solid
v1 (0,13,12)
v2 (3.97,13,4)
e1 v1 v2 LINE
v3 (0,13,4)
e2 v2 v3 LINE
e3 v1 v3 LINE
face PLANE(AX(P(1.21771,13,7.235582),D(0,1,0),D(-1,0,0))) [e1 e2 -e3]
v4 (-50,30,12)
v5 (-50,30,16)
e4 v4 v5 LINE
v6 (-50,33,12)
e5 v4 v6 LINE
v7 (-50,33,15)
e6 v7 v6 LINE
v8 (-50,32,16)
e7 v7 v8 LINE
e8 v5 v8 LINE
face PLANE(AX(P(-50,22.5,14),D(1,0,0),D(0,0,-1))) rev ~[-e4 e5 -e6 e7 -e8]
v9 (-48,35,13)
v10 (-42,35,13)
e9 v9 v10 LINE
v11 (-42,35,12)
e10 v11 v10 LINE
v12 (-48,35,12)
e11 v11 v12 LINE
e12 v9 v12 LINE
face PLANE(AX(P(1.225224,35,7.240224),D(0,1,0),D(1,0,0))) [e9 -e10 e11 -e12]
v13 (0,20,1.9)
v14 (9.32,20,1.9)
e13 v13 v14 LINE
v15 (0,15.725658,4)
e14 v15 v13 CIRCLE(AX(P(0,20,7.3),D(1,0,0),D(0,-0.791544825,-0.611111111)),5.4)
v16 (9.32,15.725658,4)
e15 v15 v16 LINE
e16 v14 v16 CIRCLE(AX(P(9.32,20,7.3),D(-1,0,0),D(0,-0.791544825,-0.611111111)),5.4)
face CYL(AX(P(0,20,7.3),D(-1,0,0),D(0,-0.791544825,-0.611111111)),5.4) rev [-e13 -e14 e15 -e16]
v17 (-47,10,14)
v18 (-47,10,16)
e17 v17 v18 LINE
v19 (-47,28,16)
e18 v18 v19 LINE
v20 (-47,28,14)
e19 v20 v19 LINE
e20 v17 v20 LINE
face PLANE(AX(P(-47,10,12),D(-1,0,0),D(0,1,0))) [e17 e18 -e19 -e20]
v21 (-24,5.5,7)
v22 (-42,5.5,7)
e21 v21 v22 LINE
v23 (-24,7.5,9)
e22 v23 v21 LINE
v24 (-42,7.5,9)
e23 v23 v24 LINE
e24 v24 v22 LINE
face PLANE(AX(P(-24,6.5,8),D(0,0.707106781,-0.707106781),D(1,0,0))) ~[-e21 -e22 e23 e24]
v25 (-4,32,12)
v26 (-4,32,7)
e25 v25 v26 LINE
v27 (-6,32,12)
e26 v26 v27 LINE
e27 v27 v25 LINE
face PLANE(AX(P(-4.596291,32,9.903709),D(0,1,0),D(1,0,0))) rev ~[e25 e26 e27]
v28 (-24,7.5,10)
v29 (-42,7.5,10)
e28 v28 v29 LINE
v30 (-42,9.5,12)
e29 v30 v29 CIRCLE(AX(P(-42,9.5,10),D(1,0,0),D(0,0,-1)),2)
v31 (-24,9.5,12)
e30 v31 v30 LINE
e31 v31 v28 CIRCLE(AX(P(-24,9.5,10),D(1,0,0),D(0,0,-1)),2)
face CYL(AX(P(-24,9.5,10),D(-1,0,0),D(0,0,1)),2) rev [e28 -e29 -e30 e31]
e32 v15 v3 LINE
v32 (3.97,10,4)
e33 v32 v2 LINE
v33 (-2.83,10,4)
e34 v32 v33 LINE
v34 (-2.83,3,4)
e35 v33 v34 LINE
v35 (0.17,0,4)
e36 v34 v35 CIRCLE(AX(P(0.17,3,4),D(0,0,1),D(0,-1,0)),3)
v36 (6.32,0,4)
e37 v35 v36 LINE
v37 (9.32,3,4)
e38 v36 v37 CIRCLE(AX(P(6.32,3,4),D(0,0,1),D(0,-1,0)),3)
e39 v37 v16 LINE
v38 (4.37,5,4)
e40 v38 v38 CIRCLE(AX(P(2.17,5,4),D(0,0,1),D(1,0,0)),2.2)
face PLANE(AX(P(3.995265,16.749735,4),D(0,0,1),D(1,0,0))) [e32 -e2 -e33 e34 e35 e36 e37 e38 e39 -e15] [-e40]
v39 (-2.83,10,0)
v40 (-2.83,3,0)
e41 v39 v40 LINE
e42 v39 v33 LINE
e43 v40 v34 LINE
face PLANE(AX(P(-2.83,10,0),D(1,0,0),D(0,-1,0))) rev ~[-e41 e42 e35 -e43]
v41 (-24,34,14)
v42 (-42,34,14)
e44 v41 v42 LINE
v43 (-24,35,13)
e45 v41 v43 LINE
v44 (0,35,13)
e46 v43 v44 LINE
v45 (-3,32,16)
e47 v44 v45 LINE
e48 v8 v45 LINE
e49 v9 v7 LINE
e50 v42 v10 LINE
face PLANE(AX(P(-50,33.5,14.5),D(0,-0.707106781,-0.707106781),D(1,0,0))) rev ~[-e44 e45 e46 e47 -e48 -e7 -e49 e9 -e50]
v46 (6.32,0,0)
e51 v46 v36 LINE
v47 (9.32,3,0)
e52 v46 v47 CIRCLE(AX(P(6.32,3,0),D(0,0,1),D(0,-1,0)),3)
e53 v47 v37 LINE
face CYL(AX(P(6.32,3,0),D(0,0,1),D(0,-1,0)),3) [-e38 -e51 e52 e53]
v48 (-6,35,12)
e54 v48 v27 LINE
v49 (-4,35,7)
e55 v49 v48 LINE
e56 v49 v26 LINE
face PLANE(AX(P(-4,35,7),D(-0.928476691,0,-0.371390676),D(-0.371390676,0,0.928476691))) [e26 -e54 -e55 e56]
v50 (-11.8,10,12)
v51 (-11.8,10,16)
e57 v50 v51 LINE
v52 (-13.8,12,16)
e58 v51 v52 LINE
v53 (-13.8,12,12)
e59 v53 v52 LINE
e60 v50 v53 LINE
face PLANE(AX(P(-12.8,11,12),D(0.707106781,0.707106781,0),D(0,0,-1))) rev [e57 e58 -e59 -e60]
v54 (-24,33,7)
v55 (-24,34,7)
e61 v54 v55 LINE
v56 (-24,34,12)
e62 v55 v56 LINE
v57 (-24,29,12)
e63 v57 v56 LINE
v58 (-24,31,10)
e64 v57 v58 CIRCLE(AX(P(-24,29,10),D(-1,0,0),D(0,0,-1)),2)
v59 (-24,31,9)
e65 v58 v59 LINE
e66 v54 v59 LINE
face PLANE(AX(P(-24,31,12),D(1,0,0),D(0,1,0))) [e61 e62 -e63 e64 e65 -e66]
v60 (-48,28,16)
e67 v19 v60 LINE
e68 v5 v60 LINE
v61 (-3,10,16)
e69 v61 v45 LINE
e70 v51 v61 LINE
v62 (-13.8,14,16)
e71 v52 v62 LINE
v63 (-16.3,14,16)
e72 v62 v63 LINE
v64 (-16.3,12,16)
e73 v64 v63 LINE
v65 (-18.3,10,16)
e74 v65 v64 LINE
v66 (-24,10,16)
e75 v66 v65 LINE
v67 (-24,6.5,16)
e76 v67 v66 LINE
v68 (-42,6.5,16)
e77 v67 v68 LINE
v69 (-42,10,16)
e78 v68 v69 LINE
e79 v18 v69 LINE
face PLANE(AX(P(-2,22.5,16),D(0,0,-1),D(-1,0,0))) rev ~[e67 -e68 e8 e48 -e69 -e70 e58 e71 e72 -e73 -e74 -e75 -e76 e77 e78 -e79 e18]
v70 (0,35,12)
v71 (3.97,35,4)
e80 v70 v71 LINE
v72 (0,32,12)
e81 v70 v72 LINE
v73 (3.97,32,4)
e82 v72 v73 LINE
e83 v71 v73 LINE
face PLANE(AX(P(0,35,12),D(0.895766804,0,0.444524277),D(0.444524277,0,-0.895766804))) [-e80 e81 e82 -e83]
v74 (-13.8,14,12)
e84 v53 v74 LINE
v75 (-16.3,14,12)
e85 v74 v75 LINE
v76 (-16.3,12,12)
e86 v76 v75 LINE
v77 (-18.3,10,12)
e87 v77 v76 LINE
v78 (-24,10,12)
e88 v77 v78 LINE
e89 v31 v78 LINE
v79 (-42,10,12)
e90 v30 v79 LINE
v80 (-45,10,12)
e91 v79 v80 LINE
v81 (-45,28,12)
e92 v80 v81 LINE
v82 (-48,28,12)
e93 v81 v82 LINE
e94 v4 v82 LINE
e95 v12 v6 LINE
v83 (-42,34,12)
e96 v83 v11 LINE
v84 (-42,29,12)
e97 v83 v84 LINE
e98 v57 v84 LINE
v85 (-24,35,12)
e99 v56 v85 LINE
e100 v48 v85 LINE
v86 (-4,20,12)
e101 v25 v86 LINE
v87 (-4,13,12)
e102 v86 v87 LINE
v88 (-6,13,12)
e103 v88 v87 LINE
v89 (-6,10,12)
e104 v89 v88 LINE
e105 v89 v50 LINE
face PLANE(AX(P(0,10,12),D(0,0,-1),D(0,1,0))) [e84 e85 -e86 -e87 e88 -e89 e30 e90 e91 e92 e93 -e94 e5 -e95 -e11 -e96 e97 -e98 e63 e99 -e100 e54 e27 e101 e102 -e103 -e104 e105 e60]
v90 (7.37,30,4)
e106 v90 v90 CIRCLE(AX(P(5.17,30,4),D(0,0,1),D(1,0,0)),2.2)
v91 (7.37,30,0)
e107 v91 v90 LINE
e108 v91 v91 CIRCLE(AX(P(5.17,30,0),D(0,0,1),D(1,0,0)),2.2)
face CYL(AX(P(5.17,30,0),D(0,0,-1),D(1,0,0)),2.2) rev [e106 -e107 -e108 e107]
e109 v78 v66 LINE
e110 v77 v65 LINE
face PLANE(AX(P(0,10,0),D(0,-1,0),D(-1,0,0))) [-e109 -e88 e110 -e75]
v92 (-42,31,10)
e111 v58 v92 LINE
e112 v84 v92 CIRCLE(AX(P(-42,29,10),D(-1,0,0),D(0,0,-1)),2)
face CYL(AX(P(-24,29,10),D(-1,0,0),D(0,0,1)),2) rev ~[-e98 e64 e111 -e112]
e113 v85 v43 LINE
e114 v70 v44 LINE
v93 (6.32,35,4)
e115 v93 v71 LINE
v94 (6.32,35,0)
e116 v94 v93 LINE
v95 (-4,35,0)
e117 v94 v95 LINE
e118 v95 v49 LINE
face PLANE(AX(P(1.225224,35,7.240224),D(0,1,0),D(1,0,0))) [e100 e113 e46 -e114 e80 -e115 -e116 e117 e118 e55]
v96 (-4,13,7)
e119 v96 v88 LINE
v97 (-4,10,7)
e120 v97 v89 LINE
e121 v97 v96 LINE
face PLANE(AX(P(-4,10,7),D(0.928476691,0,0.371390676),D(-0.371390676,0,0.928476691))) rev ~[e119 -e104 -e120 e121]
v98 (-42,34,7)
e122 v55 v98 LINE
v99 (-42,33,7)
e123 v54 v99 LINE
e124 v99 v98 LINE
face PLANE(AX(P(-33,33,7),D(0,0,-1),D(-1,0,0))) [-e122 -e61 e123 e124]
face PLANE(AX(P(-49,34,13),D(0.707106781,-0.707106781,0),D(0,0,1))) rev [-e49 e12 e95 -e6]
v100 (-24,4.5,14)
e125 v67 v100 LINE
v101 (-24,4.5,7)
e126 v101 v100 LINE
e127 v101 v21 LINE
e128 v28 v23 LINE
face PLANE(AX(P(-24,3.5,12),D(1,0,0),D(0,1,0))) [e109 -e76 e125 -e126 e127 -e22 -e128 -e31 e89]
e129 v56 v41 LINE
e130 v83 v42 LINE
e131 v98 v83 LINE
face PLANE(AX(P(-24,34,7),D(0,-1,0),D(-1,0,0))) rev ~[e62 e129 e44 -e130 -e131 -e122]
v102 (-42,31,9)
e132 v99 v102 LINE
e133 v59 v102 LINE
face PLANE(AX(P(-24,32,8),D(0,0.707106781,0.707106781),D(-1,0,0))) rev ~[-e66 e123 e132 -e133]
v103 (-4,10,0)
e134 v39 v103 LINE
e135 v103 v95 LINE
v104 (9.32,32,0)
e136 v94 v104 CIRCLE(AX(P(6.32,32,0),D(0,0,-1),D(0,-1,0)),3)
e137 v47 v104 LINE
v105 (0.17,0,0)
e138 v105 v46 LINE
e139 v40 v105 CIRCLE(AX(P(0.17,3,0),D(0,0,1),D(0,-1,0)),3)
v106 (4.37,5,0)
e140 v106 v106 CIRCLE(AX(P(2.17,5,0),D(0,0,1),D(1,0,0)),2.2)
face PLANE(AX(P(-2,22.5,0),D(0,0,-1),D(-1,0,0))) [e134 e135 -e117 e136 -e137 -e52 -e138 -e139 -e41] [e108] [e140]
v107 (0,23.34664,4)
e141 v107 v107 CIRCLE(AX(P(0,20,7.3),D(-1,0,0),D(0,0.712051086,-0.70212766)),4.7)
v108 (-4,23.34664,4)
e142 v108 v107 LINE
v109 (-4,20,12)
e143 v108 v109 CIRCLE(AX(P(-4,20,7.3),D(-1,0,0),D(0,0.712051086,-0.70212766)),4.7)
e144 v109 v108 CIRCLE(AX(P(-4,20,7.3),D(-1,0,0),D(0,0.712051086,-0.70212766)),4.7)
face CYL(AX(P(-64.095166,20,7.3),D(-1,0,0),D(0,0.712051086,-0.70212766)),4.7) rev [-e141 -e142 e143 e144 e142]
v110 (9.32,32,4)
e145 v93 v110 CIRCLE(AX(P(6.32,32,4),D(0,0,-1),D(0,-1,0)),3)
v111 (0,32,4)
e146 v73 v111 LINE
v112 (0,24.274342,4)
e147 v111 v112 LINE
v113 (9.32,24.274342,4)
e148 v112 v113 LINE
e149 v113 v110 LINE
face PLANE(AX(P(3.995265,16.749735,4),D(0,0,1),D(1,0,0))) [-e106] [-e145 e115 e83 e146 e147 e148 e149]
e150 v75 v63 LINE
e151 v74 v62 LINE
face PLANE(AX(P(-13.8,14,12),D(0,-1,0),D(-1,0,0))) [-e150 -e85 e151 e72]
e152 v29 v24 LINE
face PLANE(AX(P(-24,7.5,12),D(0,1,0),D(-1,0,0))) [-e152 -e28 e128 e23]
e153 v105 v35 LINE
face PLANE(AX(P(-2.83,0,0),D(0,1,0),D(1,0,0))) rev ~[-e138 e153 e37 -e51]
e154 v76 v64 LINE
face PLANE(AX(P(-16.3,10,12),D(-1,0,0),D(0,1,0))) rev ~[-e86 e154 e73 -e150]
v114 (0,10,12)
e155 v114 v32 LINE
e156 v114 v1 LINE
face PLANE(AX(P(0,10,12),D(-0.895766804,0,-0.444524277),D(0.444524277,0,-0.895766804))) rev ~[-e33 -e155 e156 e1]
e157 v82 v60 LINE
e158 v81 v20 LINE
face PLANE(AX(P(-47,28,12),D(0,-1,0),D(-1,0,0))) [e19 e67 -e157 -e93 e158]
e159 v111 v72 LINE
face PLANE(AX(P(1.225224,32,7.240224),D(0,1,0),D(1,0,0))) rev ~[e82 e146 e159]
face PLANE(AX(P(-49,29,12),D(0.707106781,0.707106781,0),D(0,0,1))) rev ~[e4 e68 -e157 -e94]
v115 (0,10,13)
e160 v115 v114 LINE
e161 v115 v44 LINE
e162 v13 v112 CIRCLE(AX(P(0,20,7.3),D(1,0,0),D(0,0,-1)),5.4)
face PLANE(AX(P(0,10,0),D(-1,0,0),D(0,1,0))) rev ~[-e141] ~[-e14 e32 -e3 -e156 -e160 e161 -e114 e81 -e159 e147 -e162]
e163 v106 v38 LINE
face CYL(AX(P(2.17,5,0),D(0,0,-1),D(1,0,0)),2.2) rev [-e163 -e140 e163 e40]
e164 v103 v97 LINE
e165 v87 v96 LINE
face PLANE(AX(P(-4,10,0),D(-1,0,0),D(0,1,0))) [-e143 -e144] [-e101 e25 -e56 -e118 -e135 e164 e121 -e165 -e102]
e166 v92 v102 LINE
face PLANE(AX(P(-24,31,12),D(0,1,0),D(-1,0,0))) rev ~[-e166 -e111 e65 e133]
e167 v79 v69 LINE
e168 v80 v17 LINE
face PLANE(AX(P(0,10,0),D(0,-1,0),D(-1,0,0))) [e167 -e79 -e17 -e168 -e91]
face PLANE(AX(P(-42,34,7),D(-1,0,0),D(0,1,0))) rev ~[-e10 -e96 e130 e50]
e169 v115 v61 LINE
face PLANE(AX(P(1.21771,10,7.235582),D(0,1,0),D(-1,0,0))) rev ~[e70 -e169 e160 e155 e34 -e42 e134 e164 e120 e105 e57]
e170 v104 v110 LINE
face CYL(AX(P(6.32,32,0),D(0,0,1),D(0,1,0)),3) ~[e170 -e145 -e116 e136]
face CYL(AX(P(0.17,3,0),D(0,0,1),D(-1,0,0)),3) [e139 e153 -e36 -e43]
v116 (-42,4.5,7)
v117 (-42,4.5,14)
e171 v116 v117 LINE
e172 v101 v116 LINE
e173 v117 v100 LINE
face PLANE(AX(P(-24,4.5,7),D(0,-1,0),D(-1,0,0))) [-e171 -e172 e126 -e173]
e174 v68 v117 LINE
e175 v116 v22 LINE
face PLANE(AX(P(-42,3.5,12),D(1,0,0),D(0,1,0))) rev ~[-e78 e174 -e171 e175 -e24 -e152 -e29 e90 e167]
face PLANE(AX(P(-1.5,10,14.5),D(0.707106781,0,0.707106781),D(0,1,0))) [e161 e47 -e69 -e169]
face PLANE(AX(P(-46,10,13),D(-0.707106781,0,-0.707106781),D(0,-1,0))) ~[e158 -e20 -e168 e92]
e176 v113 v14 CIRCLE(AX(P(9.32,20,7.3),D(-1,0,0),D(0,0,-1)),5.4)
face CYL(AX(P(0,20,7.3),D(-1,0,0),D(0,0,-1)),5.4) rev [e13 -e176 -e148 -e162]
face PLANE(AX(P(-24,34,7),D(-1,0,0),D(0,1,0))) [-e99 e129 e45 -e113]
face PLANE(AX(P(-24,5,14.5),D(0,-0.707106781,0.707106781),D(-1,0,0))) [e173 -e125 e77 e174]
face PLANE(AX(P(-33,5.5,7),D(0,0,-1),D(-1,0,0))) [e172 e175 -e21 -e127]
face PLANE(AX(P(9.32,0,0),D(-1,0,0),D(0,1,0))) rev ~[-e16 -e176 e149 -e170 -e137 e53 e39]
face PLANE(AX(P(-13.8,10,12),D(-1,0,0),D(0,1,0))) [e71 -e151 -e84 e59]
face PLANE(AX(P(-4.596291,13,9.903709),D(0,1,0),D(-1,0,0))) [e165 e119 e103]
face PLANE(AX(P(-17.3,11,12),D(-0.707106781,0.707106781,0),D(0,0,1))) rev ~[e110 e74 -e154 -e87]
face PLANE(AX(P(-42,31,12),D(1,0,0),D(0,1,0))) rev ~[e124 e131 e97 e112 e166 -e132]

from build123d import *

# Parameters (mm, degrees)
SKETCH_1_R               = 2.2
EXTRUDE_2_DEPTH          = 4
SKETCH_2_W               = 4
SKETCH_2_H               = 25
EXTRUDE_3_DEPTH          = 16
SKETCH_3_W               = 4
SKETCH_3_H               = 25
EXTRUDE_4_DEPTH          = 50
SKETCH_4_W               = 18
SKETCH_4_H               = 6.5
EXTRUDE_5_DEPTH          = 4
SKETCH_5_W               = 18
SKETCH_5_H               = 4
EXTRUDE_6_DEPTH          = 5
SKETCH_6_W               = 2.5
SKETCH_6_H               = 4
SKETCH_6_W_2             = 3
SKETCH_6_H_2             = 18
CUT_EXTRUDE_1_DEPTH      = 4
CUT_EXTRUDE_2_DEPTH      = 64.095166217
CUT_EXTRUDE_2_DEPTH_BACK = 64.095166217
SKETCH_7_R               = 4.7
CUT_EXTRUDE_3_DEPTH      = 64.095166217
EXTRUDE_7_DEPTH          = 3
EXTRUDE_8_DEPTH          = 3
CHAMFER_1_SIZE           = 3
CHAMFER_2_SIZE           = 2
FILLET_1_R               = 3
SKETCH_11_W              = 18
SKETCH_11_H              = 1
CUT_EXTRUDE_4_DEPTH      = 10
FILLET_2_R               = 2


with BuildPart() as part:
    # 草图1 → 凸台-拉伸2 (new body)
    with BuildSketch(Plane.XY):
        Polygon((0, 35), (0, 10), (-2.83, 10), (-2.83, 0), (9.32, 0), (9.32, 35), align=None)
        with Locations((2.17, 5)):
            Circle(SKETCH_1_R, mode=Mode.SUBTRACT)
        with Locations((5.17, 30)):
            Circle(SKETCH_1_R, mode=Mode.SUBTRACT)
    extrude(amount=EXTRUDE_2_DEPTH)

    # 草图2 → 凸台-拉伸3 (add)
    with BuildSketch(Plane(origin=(0, 0, 0), x_dir=(-1, 0, 0), z_dir=(0, 0, -1))):
        with Locations((2, 22.5)):
            Rectangle(SKETCH_2_W, SKETCH_2_H)
    extrude(amount=-EXTRUDE_3_DEPTH)

    # 草图3 → 凸台-拉伸4 (add)
    with BuildSketch(Plane(origin=(0, 0, 0), x_dir=(0, 0, -1), z_dir=(1, 0, 0))):
        with Locations((-14, 22.5)):
            Rectangle(SKETCH_3_W, SKETCH_3_H)
    extrude(amount=-EXTRUDE_4_DEPTH)

    # 草图4 → 凸台-拉伸5 (add)
    with BuildSketch(Plane(origin=(0, 0, 12), x_dir=(-1, 0, 0), z_dir=(0, 0, -1))):
        with Locations((33, 6.75)):
            Rectangle(SKETCH_4_W, SKETCH_4_H)
    extrude(amount=-EXTRUDE_5_DEPTH)

    # 草图5 → 凸台-拉伸6 (add)
    with BuildSketch(Plane(origin=(0, 0, 12), x_dir=(-1, 0, 0), z_dir=(0, 0, -1))):
        with Locations((33, 5.5)):
            Rectangle(SKETCH_5_W, SKETCH_5_H)
        with Locations((33, 33)):
            Rectangle(SKETCH_5_W, SKETCH_5_H)
    extrude(amount=EXTRUDE_6_DEPTH)

    # 草图6 → 切除-拉伸1 (cut)
    with BuildSketch(Plane(origin=(0, 0, 12), x_dir=(-1, 0, 0), z_dir=(0, 0, -1))):
        with Locations((15.05, 12)):
            Rectangle(SKETCH_6_W, SKETCH_6_H)
        with Locations((48.5, 19)):
            Rectangle(SKETCH_6_W_2, SKETCH_6_H_2)
    extrude(amount=-CUT_EXTRUDE_1_DEPTH, mode=Mode.SUBTRACT)

    # 草图7 → 切除-拉伸2 (cut, two sides: drawn at the far end of the back side and taken through both)
    with BuildSketch(Plane(origin=(0, 0, 0), x_dir=(0, 0, -1), z_dir=(1, 0, 0)).offset(-CUT_EXTRUDE_2_DEPTH_BACK)):
        with Locations(Location((-7.3, 20, 0), (0, 0, 45.402043339))):
            Circle(SKETCH_7_R)
    extrude(amount=CUT_EXTRUDE_2_DEPTH + CUT_EXTRUDE_2_DEPTH_BACK, mode=Mode.SUBTRACT)

    # 草图8 → 切除-拉伸3 (cut, through all)
    with BuildSketch(Plane(origin=(0, 0, 0), x_dir=(0, 0, -1), z_dir=(1, 0, 0))):
        with BuildLine():
            Line((-4, 24.274342055), (-4, 23.346640106))
            ThreePointArc((-4, 23.346640106), (-12, 20), (-4, 16.653359894))
            Line((-4, 16.653359894), (-4, 15.725657945))
            ThreePointArc((-4, 15.725657945), (-2.453351674, 17.61882382), (-1.9, 20))
            ThreePointArc((-1.9, 20), (-2.453351674, 22.38117618), (-4, 24.274342055))
        make_face()
        with BuildLine():
            ThreePointArc((-4, 16.653359894), (-12, 20), (-4, 23.346640106))
            Line((-4, 23.346640106), (-4, 24.274342055))
            ThreePointArc((-4, 24.274342055), (-12.7, 20), (-4, 15.725657945))
            Line((-4, 15.725657945), (-4, 16.653359894))
        make_face()
    extrude(amount=CUT_EXTRUDE_3_DEPTH, mode=Mode.SUBTRACT)

    # 草图9 → 凸台-拉伸7 (add)
    with BuildSketch(Plane.XZ.offset(-10)):
        Polygon((3.97, 4), (-0.03, 4), (0, 12), align=None)
        Polygon((-6, 12), (-4, 12), (-4, 7), align=None)
    extrude(amount=-EXTRUDE_7_DEPTH)

    # 草图10 → 凸台-拉伸8 (add)
    with BuildSketch(Plane(origin=(0, 35, 0), x_dir=(1, 0, 0), z_dir=(0, 1, 0))):
        Polygon((3.97, -4), (0, -4), (0, -12), align=None)
        Polygon((-4, -7), (-6, -12), (-4, -12), align=None)
    extrude(amount=-EXTRUDE_8_DEPTH)

    # 倒角1
    chamfer_1_edges = [part.edges().sort_by_distance(p)[0] for p in [
        (0, 22.5, 16),
        (-25, 35, 16),
        (-33, 3.5, 16),
    ]]
    chamfer(chamfer_1_edges, length=CHAMFER_1_SIZE)

    # 倒角2
    chamfer_2_edges = [part.edges().sort_by_distance(p)[0] for p in [
        (-13.8, 10, 14),
        (-16.3, 10, 14),
        (-50, 28, 14),
        (-47, 19, 12),
        (-50, 35, 12.5),
        (-33, 7.5, 7),
        (-33, 31, 7),
    ]]
    chamfer(chamfer_2_edges, length=CHAMFER_2_SIZE)

    # 圆角1
    fillet_1_edges = [part.edges().sort_by_distance(p)[0] for p in [
        (9.32, 35, 2),
        (9.32, 0, 2),
        (-2.83, 0, 2),
    ]]
    fillet(fillet_1_edges, radius=FILLET_1_R)

    # 草图11 → 切除-拉伸4 (cut)
    with BuildSketch(Plane(origin=(0, 0, 7), x_dir=(-1, 0, 0), z_dir=(0, 0, -1))):
        with Locations((33, 34.5)):
            Rectangle(SKETCH_11_W, SKETCH_11_H)
        with Locations((33, 4)):
            Rectangle(SKETCH_11_W, SKETCH_11_H)
    extrude(amount=-CUT_EXTRUDE_4_DEPTH, mode=Mode.SUBTRACT)

    # 圆角2
    fillet_2_edges = [part.edges().sort_by_distance(p)[0] for p in [
        (-33, 7.5, 12),
        (-33, 31, 12),
    ]]
    fillet(fillet_2_edges, radius=FILLET_2_R)


solid = part.part
